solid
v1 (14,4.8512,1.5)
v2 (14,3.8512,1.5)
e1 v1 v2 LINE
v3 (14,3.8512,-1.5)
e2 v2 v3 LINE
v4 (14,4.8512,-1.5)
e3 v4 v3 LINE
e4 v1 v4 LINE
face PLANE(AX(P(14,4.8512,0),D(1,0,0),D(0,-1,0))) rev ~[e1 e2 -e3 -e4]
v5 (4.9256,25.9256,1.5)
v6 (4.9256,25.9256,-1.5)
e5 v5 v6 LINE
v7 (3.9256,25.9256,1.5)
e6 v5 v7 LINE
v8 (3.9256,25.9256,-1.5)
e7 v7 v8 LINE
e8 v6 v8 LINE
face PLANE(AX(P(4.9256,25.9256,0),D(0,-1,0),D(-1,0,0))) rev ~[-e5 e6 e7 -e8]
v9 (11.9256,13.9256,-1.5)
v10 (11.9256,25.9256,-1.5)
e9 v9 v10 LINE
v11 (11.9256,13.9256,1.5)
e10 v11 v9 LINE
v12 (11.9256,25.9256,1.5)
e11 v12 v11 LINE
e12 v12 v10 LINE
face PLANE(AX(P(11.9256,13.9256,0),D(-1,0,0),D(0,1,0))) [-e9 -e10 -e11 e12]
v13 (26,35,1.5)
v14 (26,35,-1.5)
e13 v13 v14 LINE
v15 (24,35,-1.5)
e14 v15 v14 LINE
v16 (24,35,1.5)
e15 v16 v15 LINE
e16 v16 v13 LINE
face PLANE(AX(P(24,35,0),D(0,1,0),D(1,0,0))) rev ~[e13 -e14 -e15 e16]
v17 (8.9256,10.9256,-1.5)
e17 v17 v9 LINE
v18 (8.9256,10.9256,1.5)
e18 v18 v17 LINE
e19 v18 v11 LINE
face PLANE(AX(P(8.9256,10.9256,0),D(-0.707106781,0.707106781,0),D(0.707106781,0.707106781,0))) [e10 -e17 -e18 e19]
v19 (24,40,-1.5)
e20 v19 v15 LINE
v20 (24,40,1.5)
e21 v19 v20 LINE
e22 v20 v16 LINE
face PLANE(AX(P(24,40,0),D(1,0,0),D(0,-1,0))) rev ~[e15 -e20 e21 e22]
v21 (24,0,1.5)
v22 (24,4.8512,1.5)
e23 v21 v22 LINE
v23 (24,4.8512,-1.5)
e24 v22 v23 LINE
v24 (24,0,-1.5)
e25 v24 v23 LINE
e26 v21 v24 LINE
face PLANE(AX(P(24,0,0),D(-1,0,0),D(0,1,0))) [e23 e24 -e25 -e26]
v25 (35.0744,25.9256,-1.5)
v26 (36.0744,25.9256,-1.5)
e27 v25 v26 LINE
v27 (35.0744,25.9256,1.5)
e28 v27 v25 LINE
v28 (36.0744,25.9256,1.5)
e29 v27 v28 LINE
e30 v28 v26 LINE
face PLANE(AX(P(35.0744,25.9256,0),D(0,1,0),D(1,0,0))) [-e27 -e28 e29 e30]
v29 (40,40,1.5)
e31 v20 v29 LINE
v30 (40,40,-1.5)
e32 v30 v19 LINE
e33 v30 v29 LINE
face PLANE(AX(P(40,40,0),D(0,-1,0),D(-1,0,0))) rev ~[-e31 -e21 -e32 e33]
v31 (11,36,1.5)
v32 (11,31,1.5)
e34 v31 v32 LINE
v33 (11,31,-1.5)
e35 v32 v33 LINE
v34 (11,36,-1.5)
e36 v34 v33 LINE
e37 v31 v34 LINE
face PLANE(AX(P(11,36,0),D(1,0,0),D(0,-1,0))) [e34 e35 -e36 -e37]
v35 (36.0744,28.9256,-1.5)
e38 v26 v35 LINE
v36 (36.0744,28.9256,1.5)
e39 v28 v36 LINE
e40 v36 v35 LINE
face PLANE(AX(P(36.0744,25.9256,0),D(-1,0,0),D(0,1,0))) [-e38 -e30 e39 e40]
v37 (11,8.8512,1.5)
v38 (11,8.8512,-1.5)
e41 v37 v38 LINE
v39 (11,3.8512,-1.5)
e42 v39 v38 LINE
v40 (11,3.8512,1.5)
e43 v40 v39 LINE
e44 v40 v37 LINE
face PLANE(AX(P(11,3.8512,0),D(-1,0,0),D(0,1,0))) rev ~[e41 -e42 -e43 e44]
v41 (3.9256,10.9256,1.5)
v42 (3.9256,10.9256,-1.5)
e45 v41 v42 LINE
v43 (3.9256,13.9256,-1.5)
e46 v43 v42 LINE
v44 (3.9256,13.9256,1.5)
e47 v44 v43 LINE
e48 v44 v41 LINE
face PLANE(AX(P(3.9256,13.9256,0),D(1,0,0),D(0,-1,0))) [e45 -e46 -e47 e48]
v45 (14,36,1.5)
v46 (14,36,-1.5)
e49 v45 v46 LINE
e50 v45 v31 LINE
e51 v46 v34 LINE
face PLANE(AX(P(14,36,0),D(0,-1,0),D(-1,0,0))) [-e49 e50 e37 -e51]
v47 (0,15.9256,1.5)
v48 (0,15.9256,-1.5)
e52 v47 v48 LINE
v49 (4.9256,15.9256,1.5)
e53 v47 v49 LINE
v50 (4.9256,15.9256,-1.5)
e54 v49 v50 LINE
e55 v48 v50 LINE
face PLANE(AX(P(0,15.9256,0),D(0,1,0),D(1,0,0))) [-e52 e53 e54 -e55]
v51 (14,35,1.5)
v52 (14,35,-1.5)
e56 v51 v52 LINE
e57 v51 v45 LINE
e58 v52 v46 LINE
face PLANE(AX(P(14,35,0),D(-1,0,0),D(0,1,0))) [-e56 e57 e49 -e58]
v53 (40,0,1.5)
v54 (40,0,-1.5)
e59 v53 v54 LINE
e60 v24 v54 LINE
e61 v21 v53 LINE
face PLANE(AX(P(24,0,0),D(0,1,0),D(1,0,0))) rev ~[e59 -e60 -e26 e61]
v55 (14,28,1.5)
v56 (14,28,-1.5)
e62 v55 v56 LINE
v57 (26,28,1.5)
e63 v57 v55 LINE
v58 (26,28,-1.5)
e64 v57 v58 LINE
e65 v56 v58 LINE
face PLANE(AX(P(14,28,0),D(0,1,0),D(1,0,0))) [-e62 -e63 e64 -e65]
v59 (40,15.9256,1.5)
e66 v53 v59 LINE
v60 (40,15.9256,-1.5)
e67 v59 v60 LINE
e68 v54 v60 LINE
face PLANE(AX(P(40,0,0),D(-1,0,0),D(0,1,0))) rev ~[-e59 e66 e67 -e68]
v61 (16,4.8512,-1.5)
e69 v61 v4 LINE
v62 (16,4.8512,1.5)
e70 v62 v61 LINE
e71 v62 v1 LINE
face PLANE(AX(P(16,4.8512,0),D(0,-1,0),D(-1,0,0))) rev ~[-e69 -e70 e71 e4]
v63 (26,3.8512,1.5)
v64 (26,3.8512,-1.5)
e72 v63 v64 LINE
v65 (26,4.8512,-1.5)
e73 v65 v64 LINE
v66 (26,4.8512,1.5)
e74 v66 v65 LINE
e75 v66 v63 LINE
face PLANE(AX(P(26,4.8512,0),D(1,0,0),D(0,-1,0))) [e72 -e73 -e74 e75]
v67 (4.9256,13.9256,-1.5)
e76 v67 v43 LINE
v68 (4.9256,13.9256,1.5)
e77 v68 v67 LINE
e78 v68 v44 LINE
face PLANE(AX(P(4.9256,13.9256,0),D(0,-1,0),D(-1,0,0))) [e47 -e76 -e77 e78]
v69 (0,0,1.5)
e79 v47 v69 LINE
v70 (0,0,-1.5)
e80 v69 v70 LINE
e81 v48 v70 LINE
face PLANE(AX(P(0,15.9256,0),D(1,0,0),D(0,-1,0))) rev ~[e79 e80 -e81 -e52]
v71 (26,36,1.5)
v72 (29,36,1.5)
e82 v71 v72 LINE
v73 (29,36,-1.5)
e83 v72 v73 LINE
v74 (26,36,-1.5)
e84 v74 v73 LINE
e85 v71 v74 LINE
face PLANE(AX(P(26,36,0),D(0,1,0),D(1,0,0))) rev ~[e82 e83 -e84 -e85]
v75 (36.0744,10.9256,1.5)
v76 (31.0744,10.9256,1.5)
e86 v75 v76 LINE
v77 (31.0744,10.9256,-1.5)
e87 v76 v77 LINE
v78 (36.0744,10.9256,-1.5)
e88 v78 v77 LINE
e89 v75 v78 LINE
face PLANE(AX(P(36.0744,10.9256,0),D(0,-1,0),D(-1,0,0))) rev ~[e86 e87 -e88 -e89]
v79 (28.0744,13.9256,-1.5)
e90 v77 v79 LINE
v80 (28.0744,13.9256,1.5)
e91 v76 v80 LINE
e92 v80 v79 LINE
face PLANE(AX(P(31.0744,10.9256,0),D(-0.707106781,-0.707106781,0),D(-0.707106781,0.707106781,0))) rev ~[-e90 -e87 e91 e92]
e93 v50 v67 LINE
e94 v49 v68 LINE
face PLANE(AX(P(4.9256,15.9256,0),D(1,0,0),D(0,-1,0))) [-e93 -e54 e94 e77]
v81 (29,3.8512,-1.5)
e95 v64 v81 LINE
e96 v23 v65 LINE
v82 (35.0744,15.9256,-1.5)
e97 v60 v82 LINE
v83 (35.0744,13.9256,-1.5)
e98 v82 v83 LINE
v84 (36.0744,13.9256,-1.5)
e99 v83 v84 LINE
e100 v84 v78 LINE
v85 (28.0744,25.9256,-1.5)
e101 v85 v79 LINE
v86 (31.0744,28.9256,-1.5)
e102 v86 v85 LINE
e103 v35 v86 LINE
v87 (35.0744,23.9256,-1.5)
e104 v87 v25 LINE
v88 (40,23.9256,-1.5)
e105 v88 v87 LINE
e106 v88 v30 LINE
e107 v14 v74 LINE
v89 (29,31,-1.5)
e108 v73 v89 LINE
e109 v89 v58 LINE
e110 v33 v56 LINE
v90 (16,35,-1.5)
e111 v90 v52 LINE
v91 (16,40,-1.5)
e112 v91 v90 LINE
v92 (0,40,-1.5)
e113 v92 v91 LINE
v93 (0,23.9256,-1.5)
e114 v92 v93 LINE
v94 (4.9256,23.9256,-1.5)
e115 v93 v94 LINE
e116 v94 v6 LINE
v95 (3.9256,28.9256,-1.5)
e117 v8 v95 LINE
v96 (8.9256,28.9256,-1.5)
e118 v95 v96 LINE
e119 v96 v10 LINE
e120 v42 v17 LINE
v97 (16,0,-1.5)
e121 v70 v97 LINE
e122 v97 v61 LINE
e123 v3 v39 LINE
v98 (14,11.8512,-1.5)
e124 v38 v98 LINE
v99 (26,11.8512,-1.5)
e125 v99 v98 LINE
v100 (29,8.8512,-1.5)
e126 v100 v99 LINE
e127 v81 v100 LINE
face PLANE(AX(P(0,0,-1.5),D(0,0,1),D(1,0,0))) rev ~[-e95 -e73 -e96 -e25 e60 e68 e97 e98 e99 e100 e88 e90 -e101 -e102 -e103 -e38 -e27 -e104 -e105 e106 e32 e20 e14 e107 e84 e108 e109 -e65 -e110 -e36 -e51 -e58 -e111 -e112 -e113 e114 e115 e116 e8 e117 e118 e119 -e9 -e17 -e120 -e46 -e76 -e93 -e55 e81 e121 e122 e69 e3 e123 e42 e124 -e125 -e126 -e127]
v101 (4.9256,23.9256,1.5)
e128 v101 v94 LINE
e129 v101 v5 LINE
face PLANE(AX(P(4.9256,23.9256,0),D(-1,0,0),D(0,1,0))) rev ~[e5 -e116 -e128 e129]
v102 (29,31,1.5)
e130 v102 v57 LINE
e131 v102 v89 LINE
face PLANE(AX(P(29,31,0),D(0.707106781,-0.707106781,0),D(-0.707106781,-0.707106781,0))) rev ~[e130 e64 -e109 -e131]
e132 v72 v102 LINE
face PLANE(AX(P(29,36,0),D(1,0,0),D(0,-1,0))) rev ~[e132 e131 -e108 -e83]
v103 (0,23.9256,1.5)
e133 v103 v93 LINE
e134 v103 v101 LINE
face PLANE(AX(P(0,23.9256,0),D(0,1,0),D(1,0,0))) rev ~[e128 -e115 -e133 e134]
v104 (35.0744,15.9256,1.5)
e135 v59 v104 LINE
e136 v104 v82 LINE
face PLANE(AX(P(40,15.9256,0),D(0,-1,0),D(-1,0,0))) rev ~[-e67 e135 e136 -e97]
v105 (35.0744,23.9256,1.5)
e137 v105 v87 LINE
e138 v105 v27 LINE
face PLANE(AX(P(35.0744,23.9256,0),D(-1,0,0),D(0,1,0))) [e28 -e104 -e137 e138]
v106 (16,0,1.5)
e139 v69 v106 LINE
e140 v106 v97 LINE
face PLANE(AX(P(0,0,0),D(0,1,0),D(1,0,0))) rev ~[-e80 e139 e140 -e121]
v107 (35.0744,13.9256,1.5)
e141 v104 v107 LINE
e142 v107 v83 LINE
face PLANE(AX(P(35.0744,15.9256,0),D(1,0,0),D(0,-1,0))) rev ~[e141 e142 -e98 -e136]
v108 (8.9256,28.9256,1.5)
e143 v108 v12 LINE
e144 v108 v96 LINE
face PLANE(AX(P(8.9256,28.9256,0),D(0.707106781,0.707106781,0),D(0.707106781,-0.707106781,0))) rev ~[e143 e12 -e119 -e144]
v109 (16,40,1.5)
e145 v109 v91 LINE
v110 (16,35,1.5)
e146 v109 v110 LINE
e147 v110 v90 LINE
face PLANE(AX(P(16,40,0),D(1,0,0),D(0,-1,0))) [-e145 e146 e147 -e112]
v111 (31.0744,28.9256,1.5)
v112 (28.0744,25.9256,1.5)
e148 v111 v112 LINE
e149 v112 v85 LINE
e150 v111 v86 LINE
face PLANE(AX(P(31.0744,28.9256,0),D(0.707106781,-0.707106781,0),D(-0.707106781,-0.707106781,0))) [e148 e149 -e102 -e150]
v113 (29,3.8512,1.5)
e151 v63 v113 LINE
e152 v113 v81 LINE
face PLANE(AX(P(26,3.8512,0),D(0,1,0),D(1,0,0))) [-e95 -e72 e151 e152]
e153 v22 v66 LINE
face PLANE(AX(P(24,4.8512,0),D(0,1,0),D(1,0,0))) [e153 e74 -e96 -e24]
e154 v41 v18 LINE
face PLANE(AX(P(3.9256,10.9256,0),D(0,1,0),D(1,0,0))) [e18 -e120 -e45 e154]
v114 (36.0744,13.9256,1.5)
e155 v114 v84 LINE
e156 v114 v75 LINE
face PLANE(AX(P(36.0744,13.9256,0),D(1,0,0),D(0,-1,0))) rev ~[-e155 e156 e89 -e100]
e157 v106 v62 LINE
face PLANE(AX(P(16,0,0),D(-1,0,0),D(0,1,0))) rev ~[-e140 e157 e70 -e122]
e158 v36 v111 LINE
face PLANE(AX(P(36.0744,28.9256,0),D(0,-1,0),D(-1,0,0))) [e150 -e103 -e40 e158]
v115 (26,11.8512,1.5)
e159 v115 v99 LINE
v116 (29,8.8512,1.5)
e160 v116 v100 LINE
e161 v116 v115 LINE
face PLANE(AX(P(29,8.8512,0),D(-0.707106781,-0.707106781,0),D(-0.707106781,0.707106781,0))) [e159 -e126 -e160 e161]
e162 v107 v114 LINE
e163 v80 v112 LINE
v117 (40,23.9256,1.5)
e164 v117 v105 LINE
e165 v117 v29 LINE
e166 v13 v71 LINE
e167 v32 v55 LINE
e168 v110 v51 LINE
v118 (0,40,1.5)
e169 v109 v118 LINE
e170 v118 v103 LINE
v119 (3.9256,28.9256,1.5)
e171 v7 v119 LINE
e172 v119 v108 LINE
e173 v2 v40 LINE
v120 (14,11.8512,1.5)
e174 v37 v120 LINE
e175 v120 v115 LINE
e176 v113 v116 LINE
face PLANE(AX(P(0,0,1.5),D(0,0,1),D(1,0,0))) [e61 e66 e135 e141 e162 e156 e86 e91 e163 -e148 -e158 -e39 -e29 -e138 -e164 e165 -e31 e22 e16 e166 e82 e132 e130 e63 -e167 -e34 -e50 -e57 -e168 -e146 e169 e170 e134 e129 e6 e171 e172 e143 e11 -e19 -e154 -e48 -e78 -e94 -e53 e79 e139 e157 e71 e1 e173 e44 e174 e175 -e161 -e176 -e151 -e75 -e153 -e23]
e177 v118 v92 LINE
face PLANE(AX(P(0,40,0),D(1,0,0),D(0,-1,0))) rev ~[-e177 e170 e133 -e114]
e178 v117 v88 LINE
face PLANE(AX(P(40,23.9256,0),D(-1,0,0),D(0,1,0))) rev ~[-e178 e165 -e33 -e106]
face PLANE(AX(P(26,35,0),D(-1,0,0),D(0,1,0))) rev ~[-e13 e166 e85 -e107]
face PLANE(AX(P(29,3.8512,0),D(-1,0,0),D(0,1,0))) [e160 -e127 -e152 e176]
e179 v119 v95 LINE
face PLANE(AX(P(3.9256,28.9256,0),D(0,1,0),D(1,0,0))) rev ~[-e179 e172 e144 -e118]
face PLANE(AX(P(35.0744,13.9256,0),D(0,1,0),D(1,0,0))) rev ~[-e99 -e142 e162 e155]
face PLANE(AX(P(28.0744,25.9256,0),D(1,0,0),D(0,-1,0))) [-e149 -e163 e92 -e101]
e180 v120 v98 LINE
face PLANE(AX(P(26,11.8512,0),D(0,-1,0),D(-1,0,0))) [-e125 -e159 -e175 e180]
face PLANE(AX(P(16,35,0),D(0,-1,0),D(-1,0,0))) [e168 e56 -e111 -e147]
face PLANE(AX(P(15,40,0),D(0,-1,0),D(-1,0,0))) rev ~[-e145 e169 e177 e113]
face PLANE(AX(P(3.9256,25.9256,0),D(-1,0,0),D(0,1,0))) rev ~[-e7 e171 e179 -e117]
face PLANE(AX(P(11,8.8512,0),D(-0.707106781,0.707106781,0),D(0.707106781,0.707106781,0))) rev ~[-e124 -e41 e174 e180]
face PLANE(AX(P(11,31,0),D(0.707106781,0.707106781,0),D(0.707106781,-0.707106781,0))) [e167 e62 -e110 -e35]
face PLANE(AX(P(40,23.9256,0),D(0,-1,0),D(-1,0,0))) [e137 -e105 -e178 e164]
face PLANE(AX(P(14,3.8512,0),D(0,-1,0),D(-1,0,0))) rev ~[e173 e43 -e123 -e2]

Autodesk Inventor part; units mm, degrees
ref_plane "YZ Plane" through (0, 0, 0) normal (1, 0, 0) x (0, 1, 0)
ref_plane "XZ Plane" through (0, 0, 0) normal (0, 1, 0) x (-1, 0, 0)
ref_plane "XY Plane" through (0, 0, 0) normal (0, 0, 1) x (1, 0, 0)
sketch "스케치1" plane through (0, 0, 0) normal (0, 0, 1) x (1, 0, 0)
  line L0 (40, 40) -> (25, 40)
  line L1 (15, 40) -> (0, 40)
  line L2 (16, 40) -> (16, 35)
  line L3 (16, 35) -> (14, 35)
  line L4 (14, 35) -> (14, 36)
  line L5 (14, 36) -> (11, 36)
  line L6 (11, 36) -> (11, 31)
  line L7 (11, 31) -> (14, 28)
  line L8 (11, 31) -> (20.81, 31) construction
  line L9 (14, 28) -> (20, 28)
  line L10 (24, 40) -> (24, 35)
  line L11 (24, 35) -> (26, 35)
  line L12 (26, 35) -> (26, 36)
  line L13 (26, 36) -> (29, 36)
  line L14 (29, 36) -> (29, 31)
  line L15 (29, 31) -> (26, 28)
  line L16 (29, 31) -> (19.19, 31) construction
  line L17 (26, 28) -> (20, 28)
  line L18 (-0.0744, 15.9256) -> (4.9256, 15.9256)
  line L19 (-0.0744, 23.9256) -> (4.9256, 23.9256)
  line L20 (4.9256, 23.9256) -> (4.9256, 25.9256)
  line L21 (11.9256, 25.9256) -> (11.9256, 19.9256)
  line L22 (8.9256, 28.9256) -> (8.9256, 19.1155) construction
  line L23 (8.9256, 28.9256) -> (11.9256, 25.9256)
  line L24 (3.9256, 28.9256) -> (8.9256, 28.9256)
  line L25 (3.9256, 25.9256) -> (3.9256, 28.9256)
  line L26 (4.9256, 25.9256) -> (3.9256, 25.9256)
  line L27 (4.9256, 15.9256) -> (4.9256, 13.9256)
  line L28 (11.9256, 13.9256) -> (11.9256, 19.9256)
  line L29 (4.9256, 13.9256) -> (3.9256, 13.9256)
  line L30 (8.9256, 10.9256) -> (11.9256, 13.9256)
  line L31 (8.9256, 10.9256) -> (8.9256, 20.7356) construction
  line L32 (3.9256, 13.9256) -> (3.9256, 10.9256)
  line L33 (3.9256, 10.9256) -> (8.9256, 10.9256)
  line L34 (24, -0.1488) -> (24, 4.8512)
  line L35 (16, -0.1488) -> (16, 4.8512)
  line L36 (16, 4.8512) -> (14, 4.8512)
  line L37 (14, 11.8512) -> (20, 11.8512)
  line L38 (11, 8.8512) -> (20.81, 8.8512) construction
  line L39 (11, 8.8512) -> (14, 11.8512)
  line L40 (11, 3.8512) -> (11, 8.8512)
  line L41 (14, 3.8512) -> (11, 3.8512)
  line L42 (14, 4.8512) -> (14, 3.8512)
  line L43 (24, 4.8512) -> (26, 4.8512)
  line L44 (26, 11.8512) -> (20, 11.8512)
  line L45 (26, 4.8512) -> (26, 3.8512)
  line L46 (29, 8.8512) -> (26, 11.8512)
  line L47 (29, 8.8512) -> (19.19, 8.8512) construction
  line L48 (26, 3.8512) -> (29, 3.8512)
  line L49 (29, 3.8512) -> (29, 8.8512)
  line L50 (40.0744, 23.9256) -> (35.0744, 23.9256)
  line L51 (40.0744, 15.9256) -> (35.0744, 15.9256)
  line L52 (35.0744, 15.9256) -> (35.0744, 13.9256)
  line L53 (28.0744, 13.9256) -> (28.0744, 19.9256)
  line L54 (31.0744, 10.9256) -> (31.0744, 20.7356) construction
  line L55 (31.0744, 10.9256) -> (28.0744, 13.9256)
  line L56 (36.0744, 10.9256) -> (31.0744, 10.9256)
  line L57 (36.0744, 13.9256) -> (36.0744, 10.9256)
  line L58 (35.0744, 13.9256) -> (36.0744, 13.9256)
  line L59 (35.0744, 23.9256) -> (35.0744, 25.9256)
  line L60 (28.0744, 25.9256) -> (28.0744, 19.9256)
  line L61 (35.0744, 25.9256) -> (36.0744, 25.9256)
  line L62 (31.0744, 28.9256) -> (28.0744, 25.9256)
  line L63 (31.0744, 28.9256) -> (31.0744, 19.1155) construction
  line L64 (36.0744, 25.9256) -> (36.0744, 28.9256)
  line L65 (36.0744, 28.9256) -> (31.0744, 28.9256)
  line L66 (11, 20) -> (11.9256, 20)
  line L67 (28.0744, 20) -> (29, 20)
  line L68 (20, 3.8512) -> (20, 4.8512)
  line L69 (20, 35) -> (20, 36)
  line L70 (15, 40) -> (16, 40)
  line L71 (24, 40) -> (25, 40)
  line L72 (0, 40) -> (0, 23.9256)
  line L73 (0, 15.9256) -> (0, 0)
  line L74 (40, 0) -> (40, 15.9256)
  line L75 (40, 23.9256) -> (40, 40)
  line L76 (0, 0) -> (16, 0)
  line L77 (24, 0) -> (40, 0)
  point P0 (25, 38)
  point P1 (20, 19.9256)
  point P2 (15, 35)
  point P3 (25, 35)
  point P4 (4.9256, 24.9256)
  point P5 (4.9256, 14.9256)
  point P6 (15, 4.8512)
  point P7 (25, 4.8512)
  point P8 (35.0744, 14.9256)
  point P9 (35.0744, 24.9256)
  dimension "d0" = 40
  dimension "d1" = 40
  dimension "d14" = 2
  dimension "d15" = 5
  dimension "d16" = 1
  dimension "d17" = 3
  dimension "d18" = 5
  dimension "d19" = 45
  dimension "d21" = 7
  dimension "d24" = 360
extrude "돌출1" add sketch "스케치1" along normal mid plane 3
properties part number "79" material "철, 회색"
